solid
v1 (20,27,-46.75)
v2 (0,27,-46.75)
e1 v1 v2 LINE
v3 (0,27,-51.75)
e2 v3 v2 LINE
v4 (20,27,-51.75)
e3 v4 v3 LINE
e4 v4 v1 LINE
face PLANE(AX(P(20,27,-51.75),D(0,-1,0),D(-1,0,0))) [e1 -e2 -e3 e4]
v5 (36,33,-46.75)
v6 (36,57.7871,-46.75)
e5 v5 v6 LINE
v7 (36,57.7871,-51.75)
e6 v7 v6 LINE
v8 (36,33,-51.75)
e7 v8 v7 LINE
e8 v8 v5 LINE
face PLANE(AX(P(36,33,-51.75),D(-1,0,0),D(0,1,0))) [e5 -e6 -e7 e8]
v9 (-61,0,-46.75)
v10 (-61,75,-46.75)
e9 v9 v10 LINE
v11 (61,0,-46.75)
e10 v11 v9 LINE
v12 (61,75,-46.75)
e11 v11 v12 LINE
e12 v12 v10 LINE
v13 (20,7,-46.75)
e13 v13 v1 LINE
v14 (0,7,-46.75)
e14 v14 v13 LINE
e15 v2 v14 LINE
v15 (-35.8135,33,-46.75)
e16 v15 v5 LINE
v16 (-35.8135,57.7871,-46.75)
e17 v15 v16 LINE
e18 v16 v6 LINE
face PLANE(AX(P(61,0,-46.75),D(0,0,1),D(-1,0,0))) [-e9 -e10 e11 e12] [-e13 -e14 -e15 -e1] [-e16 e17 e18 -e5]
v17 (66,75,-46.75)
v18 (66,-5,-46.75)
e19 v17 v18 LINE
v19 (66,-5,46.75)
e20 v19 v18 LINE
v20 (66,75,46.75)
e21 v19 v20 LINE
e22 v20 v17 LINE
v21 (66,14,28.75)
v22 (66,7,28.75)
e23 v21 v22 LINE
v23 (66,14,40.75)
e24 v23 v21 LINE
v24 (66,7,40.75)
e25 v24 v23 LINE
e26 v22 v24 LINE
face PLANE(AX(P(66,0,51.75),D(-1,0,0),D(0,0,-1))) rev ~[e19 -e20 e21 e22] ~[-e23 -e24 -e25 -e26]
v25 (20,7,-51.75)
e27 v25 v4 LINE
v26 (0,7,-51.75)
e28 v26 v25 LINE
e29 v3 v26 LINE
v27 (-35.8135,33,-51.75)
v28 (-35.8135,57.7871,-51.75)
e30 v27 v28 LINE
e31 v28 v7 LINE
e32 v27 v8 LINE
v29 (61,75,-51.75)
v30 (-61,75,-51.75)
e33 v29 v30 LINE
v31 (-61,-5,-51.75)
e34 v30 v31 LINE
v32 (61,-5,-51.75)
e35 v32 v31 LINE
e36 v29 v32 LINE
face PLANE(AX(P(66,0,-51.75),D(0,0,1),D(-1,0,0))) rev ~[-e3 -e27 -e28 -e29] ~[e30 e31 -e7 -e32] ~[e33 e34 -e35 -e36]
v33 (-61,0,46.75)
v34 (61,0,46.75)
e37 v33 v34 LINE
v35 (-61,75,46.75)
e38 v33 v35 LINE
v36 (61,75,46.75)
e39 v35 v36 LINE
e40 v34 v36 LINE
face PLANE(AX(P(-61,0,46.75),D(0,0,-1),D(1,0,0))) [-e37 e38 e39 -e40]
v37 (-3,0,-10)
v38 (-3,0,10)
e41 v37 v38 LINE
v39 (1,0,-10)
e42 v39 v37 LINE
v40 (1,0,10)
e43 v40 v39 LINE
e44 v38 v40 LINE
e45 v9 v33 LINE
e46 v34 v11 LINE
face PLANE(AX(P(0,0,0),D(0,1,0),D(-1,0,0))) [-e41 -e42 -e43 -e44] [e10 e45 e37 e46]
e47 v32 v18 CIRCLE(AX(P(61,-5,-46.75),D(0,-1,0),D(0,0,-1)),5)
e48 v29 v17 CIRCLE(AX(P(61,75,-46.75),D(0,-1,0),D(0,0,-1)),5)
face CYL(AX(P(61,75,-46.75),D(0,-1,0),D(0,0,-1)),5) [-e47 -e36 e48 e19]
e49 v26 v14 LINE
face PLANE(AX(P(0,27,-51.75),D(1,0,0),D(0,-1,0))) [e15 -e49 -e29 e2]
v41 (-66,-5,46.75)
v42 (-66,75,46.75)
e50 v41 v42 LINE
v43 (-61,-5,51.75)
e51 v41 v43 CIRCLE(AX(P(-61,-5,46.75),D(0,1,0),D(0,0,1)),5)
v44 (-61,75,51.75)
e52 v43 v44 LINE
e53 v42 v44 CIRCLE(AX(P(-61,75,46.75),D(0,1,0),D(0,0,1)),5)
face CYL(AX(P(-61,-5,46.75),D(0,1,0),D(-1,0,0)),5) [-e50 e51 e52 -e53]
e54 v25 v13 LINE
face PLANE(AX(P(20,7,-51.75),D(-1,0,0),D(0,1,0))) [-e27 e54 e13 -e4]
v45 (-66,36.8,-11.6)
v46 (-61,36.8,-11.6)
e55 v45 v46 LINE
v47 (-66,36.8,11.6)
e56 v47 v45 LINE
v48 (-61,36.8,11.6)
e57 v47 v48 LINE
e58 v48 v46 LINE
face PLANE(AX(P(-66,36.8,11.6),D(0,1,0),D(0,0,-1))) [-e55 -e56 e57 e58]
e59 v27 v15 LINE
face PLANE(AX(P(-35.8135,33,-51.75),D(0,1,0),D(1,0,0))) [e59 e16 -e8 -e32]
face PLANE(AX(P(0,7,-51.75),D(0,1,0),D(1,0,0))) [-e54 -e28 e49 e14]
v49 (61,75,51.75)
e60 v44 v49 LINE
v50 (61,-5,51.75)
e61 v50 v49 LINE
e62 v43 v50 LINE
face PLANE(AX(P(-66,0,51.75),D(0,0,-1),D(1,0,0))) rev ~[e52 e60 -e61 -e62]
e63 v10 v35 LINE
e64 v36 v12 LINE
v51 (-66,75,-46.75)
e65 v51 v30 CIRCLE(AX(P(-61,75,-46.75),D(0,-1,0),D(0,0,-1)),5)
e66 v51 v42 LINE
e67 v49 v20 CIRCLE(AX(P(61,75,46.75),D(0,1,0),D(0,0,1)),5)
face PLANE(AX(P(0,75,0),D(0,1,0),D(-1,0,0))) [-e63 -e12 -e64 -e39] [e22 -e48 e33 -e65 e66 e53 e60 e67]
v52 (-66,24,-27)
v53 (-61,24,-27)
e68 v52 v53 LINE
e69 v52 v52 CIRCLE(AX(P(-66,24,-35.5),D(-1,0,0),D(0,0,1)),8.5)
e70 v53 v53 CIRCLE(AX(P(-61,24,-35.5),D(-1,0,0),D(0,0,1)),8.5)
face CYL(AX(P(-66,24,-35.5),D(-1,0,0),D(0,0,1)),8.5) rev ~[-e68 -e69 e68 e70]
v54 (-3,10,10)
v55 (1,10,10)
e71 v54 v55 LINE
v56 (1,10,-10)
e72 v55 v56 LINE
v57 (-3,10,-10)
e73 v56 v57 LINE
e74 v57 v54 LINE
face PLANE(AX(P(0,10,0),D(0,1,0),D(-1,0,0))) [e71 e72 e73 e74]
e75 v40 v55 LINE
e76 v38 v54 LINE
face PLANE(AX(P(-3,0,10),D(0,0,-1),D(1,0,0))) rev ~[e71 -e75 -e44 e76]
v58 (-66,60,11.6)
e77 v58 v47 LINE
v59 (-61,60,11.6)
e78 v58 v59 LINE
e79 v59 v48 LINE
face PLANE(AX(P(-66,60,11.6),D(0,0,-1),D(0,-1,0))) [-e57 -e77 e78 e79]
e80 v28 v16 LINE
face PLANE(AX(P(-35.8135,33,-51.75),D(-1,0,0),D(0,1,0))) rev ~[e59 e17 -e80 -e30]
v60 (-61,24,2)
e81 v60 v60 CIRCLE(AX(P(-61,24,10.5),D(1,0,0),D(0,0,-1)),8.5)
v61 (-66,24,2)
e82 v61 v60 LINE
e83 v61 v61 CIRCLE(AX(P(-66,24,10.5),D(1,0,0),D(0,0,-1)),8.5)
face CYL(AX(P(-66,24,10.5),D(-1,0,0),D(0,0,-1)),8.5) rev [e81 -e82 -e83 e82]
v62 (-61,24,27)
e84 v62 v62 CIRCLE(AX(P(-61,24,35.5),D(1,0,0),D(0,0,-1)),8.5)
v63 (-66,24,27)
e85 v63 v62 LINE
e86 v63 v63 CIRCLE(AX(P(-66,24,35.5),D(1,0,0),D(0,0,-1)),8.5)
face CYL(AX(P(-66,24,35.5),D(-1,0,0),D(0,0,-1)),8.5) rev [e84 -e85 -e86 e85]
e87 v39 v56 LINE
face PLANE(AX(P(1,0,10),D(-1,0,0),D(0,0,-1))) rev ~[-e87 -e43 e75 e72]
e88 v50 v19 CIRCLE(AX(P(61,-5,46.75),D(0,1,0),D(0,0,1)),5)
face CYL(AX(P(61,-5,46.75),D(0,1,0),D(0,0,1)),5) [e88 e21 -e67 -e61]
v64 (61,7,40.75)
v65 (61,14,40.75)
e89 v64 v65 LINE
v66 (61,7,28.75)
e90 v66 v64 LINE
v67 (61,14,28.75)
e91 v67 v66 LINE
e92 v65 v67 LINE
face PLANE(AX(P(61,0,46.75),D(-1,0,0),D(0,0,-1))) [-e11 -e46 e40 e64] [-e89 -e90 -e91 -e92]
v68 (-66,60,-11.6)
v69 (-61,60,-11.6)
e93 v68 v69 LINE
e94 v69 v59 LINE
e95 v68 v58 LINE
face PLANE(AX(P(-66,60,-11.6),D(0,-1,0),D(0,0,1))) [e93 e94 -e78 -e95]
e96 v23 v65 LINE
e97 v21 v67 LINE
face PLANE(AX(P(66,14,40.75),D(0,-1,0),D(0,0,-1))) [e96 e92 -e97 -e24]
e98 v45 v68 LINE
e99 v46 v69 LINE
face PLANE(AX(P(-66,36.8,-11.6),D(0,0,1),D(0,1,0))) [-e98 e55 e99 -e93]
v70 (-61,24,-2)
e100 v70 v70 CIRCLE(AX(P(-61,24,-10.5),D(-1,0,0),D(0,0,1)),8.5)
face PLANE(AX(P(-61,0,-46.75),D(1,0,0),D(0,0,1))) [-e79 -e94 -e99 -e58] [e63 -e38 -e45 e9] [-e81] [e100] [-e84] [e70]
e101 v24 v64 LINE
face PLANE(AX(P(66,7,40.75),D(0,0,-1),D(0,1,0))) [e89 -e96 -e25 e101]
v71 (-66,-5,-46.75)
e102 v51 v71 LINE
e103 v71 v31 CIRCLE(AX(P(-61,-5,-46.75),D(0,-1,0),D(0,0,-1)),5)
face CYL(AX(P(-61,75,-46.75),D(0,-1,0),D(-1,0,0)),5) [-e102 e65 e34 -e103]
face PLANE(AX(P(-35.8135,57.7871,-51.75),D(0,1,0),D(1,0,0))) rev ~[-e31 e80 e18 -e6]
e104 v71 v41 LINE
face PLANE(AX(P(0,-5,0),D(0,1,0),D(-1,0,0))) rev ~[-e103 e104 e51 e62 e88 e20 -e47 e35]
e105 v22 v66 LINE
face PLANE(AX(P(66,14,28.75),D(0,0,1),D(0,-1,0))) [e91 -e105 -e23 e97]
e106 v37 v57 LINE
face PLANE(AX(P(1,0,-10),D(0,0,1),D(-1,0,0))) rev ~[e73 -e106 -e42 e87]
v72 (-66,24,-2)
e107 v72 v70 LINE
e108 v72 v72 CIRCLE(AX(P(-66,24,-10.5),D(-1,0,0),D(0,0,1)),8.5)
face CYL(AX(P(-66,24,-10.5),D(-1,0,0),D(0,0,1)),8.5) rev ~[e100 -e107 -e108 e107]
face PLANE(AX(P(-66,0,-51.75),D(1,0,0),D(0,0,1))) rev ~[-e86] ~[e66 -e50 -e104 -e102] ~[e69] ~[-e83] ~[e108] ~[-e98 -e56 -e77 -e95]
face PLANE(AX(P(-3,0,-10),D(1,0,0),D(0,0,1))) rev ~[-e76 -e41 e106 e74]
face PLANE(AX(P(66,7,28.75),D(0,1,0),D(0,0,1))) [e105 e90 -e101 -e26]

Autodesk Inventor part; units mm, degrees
ref_plane "YZ Plane" through (0, 0, 0) normal (1, 0, 0) x (0, 1, 0)
ref_plane "XZ Plane" through (0, 0, 0) normal (0, 1, 0) x (-1, 0, 0)
ref_plane "XY Plane" through (0, 0, 0) normal (0, 0, 1) x (1, 0, 0)
sketch "Sketch1" plane through (0, 0, 0) normal (0, 1, 0) x (-1, 0, 0)
  line L0 (61, 46.75) -> (-61, 46.75)
  line L1 (-61, 46.75) -> (-61, -46.75)
  line L2 (-61, -46.75) -> (61, -46.75)
  line L3 (61, -46.75) -> (61, 46.75)
  line L4 (-61, 46.75) -> (61, -46.75) construction
  line L5 (66, 51.75) -> (-66, 51.75)
  line L6 (-66, 51.75) -> (-66, -51.75)
  line L7 (-66, -51.75) -> (66, -51.75)
  line L8 (66, -51.75) -> (66, 51.75)
  line L9 (0, -51.75) -> (0, -46.75) construction
  line L10 (66, 0) -> (61, 0) construction
  line L11 (58, 45.75) -> (1, 45.75) construction
  line L12 (1, 45.75) -> (1, -43.25) construction
  line L13 (1, -43.25) -> (58, -43.25) construction
  line L14 (58, -43.25) -> (58, 45.75) construction
  line L15 (-4, 35.25) -> (-60, 35.25) construction
  line L16 (-60, 35.25) -> (-60, -45.75) construction
  line L17 (-60, -45.75) -> (-4, -45.75) construction
  line L18 (-4, -45.75) -> (-4, 35.25) construction
  line L19 (3, 10) -> (-1, 10)
  line L20 (-1, 10) -> (-1, -10)
  line L21 (-1, -10) -> (3, -10)
  line L22 (3, -10) -> (3, 10)
  line L23 (1, -43.25) -> (-4, -43.25) construction
  line L24 (0, 0) -> (3, 0) construction
  dimension "d2" = 5
  dimension "d7" = 57
  dimension "d8" = 89
  dimension "d9" = 3.5
  dimension "d10" = 1
  dimension "d11" = 56
  dimension "d12" = 5
  dimension "d13" = 3
  dimension "d14" = 1
  dimension "d15" = 81
  dimension "d16" = 1
  dimension "d17" = 4
  dimension "d18" = 20
  dimension "d37" = 60
extrude "Extrusion1" add sketch "Sketch1" against normal blind 5 contours L3 L2 L1 L0 | L8 L7 L6 L5 | L22 L21 L20 L19
extrude "Extrusion2" add sketch "Sketch1" along normal blind 75 contours L8 L7 L6 L5
extrude "Extrusion3" add sketch "Sketch1" along normal blind 10 contours L22 L21 L20 L19
fillet "Fillet1" radius 5 4 edges at (66, 35, 51.75) (-66, 35, 51.75) (-66, 35, -51.75) (66, 35, -51.75)
sketch "Sketch2" plane through (-66, -5, -46.75) normal (-1, 0, 0) x (0, 0, 1)
  circle A0 centre (10.9794, 28.8313) radius 8.5 construction
  circle A1 centre (35.9794, 28.8313) radius 8.5 construction
  circle A2 centre (11.25, 29) radius 8.5
  circle A3 centre (36.25, 29) radius 8.5
  line L0 (10.9794, 28.8313) -> (35.9794, 28.8313) construction
  line L1 (11.25, 29) -> (36.25, 29) construction
  line L2 (93.5, 0) -> (0, 0) projected
  point P0 (46.75, 5)
  point P1 (23.75, 29)
  point P2 (46.75, 0)
  dimension "d26" = 29
  dimension "d27" = 23
extrude "Extrusion4" cut sketch "Sketch2" against normal up to surface (5 mm away)
sketch "Sketch3" plane through (-66, -5, -46.75) normal (-1, 0, 0) x (0, 0, 1)
  line L0 (35.15, 65) -> (58.35, 65)
  line L1 (58.35, 65) -> (58.35, 41.8)
  line L2 (58.35, 41.8) -> (35.15, 41.8)
  line L3 (35.15, 41.8) -> (35.15, 65)
  line L4 (93.5, 0) -> (0, 0) projected
  line L5 (0, 80) -> (93.5, 80) projected
  point P0 (46.75, 5)
  point P1 (46.75, 0)
  point P2 (46.75, 41.8)
  dimension "d28" = 23.2
  dimension "d29" = 15
extrude "Extrusion5" cut sketch "Sketch3" against normal up to surface (5 mm away)
mirror "Mirror1" about plane through (0, 0, 0) normal (0, 0, 1) of "Extrusion4"
sketch "Sketch4" plane through (61, -5, -51.75) normal (0, 0, -1) x (-1, 0, 0)
  line L0 (25, 63) -> (97, 63)
  line L1 (97, 63) -> (97, 38)
  line L2 (97, 38) -> (25, 38)
  line L3 (25, 38) -> (25, 63)
  line L4 (0, 80) -> (122, 80) projected
  line L5 (24.8135, 37.7871) -> (96.8135, 37.7871) projected
  line L6 (96.8135, 37.7871) -> (96.8135, 62.7871) projected
  line L7 (96.8135, 62.7871) -> (24.8135, 62.7871) projected
  line L8 (24.8135, 62.7871) -> (24.8135, 37.7871) projected
  point P0 (61, 5)
  point P1 (61, 80)
  point P2 (61, 63)
  point P3 (25, 62.7871)
  point P4 (96.8135, 38)
  dimension "d32" = 72
  dimension "d33" = 25
  dimension "d34" = 17
extrude "Extrusion6" cut sketch "Sketch4" against normal up to surface (5 mm away) contours L7 L6 L2 L3
sketch "Sketch5" plane through (61, -5, -51.75) normal (0, 0, -1) x (-1, 0, 0)
  line L0 (41, 32) -> (61, 32)
  line L1 (61, 32) -> (61, 12)
  line L2 (61, 12) -> (41, 12)
  line L3 (41, 12) -> (41, 32)
  line L4 (0, 5) -> (0, 80) projected
  line L5 (122, 0) -> (0, 0) projected
  point P0 (61, 5)
  dimension "d38" = 20
  dimension "d39" = 41
  dimension "d40" = 12
extrude "Extrusion7" cut sketch "Sketch5" against normal up to surface (5 mm away)
sketch "Sketch6" plane through (66, -5, -46.75) normal (1, 0, 0) x (0, 0, -1)
  line L0 (-87.5, 19) -> (-75.5, 19)
  line L1 (-75.5, 19) -> (-75.5, 12)
  line L2 (-75.5, 12) -> (-87.5, 12)
  line L3 (-87.5, 12) -> (-87.5, 19)
  line L4 (0, 0) -> (-93.5, 0) projected
  line L5 (-93.5, 5) -> (-93.5, 80) projected
  point P0 (-46.75, 5)
  dimension "d43" = 12
  dimension "d44" = 7
  dimension "d45" = 12
  dimension "d46" = 6
extrude "Extrusion8" cut sketch "Sketch6" against normal up to surface (5 mm away)
properties part number "kucisteDonji"
